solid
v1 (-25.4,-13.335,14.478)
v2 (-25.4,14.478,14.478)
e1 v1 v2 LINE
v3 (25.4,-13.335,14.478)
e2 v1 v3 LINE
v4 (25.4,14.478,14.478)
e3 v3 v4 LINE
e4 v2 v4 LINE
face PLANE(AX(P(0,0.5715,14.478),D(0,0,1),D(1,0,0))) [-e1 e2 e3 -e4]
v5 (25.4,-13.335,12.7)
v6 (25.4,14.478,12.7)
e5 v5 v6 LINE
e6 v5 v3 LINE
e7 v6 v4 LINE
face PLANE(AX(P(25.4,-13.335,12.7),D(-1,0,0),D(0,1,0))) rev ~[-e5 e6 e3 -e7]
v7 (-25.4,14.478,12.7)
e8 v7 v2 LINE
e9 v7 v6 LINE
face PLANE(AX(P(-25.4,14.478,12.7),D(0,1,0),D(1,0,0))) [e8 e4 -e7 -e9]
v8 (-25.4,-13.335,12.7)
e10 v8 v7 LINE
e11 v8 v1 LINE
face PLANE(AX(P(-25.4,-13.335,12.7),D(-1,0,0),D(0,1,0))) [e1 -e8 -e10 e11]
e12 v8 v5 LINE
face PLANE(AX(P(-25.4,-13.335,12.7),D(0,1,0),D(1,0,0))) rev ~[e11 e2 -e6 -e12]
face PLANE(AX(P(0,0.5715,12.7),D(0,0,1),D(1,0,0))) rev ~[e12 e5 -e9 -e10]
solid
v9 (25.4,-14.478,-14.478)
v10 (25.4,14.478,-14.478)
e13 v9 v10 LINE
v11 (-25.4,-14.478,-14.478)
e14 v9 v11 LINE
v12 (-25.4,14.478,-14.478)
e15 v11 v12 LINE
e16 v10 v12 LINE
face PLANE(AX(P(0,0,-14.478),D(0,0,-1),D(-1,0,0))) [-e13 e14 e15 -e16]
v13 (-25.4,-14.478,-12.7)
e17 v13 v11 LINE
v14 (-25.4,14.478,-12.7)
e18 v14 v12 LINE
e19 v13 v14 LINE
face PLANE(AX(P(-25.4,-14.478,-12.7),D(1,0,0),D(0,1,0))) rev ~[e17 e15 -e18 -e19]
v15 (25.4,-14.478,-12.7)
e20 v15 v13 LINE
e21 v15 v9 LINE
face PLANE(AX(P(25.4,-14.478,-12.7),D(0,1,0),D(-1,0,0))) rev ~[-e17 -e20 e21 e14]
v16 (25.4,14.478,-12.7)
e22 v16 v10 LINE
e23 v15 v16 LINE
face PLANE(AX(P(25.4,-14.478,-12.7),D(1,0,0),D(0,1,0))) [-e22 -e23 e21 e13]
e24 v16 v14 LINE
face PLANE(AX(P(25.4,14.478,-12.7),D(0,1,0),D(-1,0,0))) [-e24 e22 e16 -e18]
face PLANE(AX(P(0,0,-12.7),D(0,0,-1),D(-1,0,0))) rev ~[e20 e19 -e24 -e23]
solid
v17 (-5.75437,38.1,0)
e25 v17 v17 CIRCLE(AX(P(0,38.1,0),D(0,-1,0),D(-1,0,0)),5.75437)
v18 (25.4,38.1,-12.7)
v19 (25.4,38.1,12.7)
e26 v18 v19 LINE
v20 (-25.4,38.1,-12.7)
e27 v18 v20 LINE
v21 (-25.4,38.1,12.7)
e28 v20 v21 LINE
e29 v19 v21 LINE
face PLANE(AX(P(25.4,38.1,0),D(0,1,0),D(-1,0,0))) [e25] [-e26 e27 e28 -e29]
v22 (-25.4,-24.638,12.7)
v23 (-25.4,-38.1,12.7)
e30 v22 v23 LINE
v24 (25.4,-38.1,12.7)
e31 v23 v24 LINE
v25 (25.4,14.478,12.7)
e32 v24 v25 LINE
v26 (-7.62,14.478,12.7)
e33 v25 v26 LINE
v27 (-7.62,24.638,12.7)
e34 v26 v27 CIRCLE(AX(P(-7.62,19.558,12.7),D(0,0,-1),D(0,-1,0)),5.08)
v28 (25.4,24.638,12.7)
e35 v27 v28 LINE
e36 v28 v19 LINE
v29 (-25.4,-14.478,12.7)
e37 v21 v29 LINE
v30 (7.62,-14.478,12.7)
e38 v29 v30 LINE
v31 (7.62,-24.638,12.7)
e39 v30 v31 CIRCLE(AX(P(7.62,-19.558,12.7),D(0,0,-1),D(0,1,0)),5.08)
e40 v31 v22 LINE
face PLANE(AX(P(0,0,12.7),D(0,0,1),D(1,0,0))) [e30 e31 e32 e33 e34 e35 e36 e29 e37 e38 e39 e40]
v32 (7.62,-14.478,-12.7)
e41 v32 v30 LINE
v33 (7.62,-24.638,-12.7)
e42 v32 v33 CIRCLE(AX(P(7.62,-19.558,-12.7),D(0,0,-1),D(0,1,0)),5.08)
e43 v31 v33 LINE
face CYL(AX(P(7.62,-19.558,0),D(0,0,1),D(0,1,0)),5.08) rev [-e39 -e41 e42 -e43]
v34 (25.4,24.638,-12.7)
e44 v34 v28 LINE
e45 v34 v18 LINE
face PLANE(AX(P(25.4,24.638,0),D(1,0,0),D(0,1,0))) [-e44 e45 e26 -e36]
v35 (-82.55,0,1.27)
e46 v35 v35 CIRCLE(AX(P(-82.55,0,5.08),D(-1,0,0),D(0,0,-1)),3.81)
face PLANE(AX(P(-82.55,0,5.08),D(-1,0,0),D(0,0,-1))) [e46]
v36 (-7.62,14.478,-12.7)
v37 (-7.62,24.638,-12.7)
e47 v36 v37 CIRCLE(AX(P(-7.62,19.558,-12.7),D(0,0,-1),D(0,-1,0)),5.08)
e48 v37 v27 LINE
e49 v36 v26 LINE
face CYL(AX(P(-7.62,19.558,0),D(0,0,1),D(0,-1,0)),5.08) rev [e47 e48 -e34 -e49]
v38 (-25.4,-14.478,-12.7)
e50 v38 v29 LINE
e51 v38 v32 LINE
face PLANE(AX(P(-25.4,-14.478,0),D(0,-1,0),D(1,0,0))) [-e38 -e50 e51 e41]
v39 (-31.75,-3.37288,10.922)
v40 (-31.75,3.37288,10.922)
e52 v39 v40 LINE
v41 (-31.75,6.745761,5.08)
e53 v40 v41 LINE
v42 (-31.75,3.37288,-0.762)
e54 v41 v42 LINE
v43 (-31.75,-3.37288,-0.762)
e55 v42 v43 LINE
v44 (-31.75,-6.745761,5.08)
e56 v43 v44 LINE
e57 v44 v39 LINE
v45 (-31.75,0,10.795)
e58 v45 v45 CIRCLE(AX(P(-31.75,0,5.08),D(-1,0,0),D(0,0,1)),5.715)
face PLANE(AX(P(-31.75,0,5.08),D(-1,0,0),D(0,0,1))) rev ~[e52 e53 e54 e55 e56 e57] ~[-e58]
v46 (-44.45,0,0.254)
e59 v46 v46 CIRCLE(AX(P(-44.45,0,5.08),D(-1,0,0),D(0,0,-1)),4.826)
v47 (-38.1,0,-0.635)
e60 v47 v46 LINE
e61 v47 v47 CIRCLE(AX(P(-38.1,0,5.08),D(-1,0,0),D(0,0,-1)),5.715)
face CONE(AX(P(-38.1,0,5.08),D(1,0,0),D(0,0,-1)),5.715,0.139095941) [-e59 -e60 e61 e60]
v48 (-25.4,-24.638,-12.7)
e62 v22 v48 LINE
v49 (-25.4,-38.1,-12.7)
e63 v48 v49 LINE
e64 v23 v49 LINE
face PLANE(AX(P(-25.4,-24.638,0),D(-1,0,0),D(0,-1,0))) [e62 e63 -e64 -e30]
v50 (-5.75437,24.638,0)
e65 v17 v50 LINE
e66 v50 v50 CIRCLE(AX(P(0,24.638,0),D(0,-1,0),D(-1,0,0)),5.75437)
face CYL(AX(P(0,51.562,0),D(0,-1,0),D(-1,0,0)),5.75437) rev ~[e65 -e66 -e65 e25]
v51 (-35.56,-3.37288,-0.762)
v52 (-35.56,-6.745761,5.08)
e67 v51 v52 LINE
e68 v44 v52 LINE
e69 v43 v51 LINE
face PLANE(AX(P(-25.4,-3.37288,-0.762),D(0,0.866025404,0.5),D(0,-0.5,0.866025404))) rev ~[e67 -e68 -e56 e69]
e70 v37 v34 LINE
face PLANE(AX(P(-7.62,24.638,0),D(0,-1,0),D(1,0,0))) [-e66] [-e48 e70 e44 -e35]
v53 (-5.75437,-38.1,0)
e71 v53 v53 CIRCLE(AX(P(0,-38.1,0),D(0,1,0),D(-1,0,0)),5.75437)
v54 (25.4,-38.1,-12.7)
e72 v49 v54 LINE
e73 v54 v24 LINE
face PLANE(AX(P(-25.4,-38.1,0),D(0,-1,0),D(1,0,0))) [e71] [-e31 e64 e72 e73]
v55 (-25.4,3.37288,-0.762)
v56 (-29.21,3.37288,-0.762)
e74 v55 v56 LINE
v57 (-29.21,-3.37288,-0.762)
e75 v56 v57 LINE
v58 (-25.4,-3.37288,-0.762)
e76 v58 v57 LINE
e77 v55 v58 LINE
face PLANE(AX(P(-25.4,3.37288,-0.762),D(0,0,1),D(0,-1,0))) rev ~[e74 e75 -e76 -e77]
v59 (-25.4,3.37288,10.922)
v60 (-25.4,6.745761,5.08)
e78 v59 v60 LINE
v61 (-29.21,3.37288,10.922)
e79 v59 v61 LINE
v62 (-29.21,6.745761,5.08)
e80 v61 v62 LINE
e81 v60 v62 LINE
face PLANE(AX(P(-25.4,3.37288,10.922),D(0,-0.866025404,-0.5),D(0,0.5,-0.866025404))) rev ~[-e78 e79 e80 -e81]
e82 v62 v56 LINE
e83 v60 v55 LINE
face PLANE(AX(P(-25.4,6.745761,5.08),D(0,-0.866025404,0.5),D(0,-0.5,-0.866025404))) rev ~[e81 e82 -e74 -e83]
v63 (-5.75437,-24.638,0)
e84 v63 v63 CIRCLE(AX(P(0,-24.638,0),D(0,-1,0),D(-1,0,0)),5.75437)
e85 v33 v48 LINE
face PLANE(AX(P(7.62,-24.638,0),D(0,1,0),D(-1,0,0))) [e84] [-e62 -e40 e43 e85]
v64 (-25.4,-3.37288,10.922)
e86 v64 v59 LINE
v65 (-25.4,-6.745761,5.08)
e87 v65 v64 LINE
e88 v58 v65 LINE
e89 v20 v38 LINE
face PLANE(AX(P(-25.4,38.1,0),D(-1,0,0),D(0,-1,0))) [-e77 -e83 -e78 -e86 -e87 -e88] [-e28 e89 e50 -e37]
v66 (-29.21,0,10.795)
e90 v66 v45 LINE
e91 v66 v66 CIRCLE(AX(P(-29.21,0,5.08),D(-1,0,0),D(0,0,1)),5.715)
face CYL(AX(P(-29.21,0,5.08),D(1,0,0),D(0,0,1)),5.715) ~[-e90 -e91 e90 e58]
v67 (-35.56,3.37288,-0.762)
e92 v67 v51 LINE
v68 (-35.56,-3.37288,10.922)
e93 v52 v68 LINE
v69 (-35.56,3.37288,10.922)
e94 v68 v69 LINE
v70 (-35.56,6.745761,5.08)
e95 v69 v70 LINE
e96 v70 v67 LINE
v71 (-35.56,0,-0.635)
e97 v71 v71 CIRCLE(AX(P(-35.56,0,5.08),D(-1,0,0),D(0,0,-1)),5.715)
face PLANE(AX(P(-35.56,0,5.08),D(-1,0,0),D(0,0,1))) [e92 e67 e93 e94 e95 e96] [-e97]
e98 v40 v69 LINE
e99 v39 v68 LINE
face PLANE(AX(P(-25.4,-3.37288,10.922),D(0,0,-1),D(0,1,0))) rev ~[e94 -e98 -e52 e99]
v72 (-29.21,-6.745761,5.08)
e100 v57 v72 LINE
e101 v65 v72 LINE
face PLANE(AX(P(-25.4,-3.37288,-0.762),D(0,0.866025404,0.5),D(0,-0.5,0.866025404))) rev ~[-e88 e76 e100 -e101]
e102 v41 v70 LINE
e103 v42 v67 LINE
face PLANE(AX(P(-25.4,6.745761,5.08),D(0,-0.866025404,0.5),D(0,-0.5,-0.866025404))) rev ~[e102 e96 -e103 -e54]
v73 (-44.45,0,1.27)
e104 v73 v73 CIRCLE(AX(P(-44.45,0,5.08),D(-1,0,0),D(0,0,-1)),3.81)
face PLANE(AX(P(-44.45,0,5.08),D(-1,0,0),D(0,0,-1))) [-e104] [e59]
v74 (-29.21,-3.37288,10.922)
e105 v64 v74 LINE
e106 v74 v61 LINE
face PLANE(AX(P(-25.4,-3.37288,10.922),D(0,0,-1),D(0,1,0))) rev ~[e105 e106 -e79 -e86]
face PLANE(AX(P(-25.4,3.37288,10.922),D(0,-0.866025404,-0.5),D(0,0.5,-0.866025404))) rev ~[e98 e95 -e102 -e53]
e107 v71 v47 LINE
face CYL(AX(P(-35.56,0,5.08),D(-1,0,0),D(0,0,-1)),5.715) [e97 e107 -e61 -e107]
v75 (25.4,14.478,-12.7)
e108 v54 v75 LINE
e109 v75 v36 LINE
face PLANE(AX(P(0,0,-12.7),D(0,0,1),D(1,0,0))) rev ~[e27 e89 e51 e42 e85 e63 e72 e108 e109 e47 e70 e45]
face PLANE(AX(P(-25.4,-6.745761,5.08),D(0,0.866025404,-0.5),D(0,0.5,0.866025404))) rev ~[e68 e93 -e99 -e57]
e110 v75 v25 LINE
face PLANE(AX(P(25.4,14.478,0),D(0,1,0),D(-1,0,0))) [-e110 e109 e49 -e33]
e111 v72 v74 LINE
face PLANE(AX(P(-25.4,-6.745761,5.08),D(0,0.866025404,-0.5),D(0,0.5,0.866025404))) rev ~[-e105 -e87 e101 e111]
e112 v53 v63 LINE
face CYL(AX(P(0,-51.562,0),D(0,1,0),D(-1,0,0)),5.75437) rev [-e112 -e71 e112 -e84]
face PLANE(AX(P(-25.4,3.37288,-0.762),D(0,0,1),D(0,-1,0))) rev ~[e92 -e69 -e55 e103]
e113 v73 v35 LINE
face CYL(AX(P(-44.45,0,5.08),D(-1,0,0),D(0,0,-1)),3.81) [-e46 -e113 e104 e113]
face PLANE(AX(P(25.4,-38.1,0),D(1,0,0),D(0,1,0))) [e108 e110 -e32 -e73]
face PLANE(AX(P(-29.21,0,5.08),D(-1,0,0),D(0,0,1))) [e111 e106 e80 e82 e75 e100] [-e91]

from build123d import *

# Parameters (mm, degrees)
EXTRUDE1_DEPTH              = 12.7
F_1_2_20_TAPPED_HOLE1_D     = 11.50874
F_1_2_20_TAPPED_HOLE1_DEPTH = 13.462
SKETCH5_W                   = 50.8
SKETCH5_H                   = 27.813
EXTRUDE5_DEPTH              = 1.778
SKETCH7_W                   = 50.8
SKETCH7_H                   = 28.956
EXTRUDE6_DEPTH              = 1.778
BOSS_EXTRUDE1_DEPTH         = 10.16
SKETCH11_R                  = 6.745760545
SKETCH11_R_2                = 5.715
CUT_EXTRUDE1_DEPTH          = 2.54


with BuildPart() as part:
    # Sketch1 → Extrude1 (new, symmetric)
    with BuildSketch(Plane.XY):
        with BuildLine():
            Line((-25.4, -38.1), (25.4, -38.1))
            Line((25.4, -38.1), (25.4, 14.478))
            Line((25.4, 14.478), (-7.62, 14.478))
            ThreePointArc((-7.62, 14.478), (-12.7, 19.558), (-7.62, 24.638))
            Line((-7.62, 24.638), (25.4, 24.638))
            Line((25.4, 24.638), (25.4, 38.1))
            Line((25.4, 38.1), (-25.4, 38.1))
            Line((-25.4, 38.1), (-25.4, -14.478))
            Line((-25.4, -14.478), (7.62, -14.478))
            ThreePointArc((7.62, -14.478), (12.7, -19.558), (7.62, -24.638))
            Line((7.62, -24.638), (-25.4, -24.638))
            Line((-25.4, -24.638), (-25.4, -38.1))
        make_face()
    extrude(amount=EXTRUDE1_DEPTH, both=True)

    # 1/2-20 Tapped Hole1
    with Locations(Plane(origin=(0, 38.1, 0), x_dir=(1, 0, 0), z_dir=(0, 1, 0))):
        with Locations((0, 0)):
            f_1_2_20_tapped_hole1 = Hole(F_1_2_20_TAPPED_HOLE1_D / 2, depth=F_1_2_20_TAPPED_HOLE1_DEPTH)

    # Mirror1: 1/2-20 Tapped Hole1 across plane
    add(f_1_2_20_tapped_hole1.mirror(Plane.ZX), mode=Mode.SUBTRACT)

    # Sketch10 → Boss-Extrude1 (add)
    with BuildSketch(Plane.ZY.offset(25.4)):
        Polygon((5.08, 6.745760545), (-0.762, 3.372880273), (-0.762, -3.372880273), (5.08, -6.745760545), (10.922, -3.372880273), (10.922, 3.372880273), align=None)
    extrude(amount=BOSS_EXTRUDE1_DEPTH)

    # Sketch11 → Cut-Extrude1 (cut)
    with BuildSketch(Plane.ZY.offset(29.21)):
        with Locations((5.08, 0)):
            Circle(SKETCH11_R)
        with Locations((5.08, 0)):
            Circle(SKETCH11_R_2, mode=Mode.SUBTRACT)
    extrude(amount=CUT_EXTRUDE1_DEPTH, mode=Mode.SUBTRACT)

    # Sketch12 → Revolve1 (revolve)
    with BuildSketch(Plane(origin=(0, 0, 0), x_dir=(1, 0, 0), z_dir=(0, 1, 0))):
        Polygon((-44.45, -0.254), (-44.45, -1.27), (-82.55, -1.27), (-82.55, -5.08), (-35.56, -5.08), (-35.56, 0.635), (-38.1, 0.635), align=None)
    revolve(axis=Axis((-35.56, 0, 5.08), (-1, 0, 0)))


with BuildPart() as body_2:
    # Sketch5 → Extrude5 (new body)
    with BuildSketch(Plane.XY.offset(12.7)):
        with Locations((0, 0.5715)):
            Rectangle(SKETCH5_W, SKETCH5_H)
    extrude(amount=EXTRUDE5_DEPTH)


with BuildPart() as body_3:
    # Sketch7 → Extrude6 (new body)
    with BuildSketch(Plane(origin=(0, 0, -12.7), x_dir=(-1, 0, 0), z_dir=(0, 0, -1))):
        Rectangle(SKETCH7_W, SKETCH7_H)
    extrude(amount=EXTRUDE6_DEPTH)


solid = Compound([part.part, body_2.part, body_3.part])
